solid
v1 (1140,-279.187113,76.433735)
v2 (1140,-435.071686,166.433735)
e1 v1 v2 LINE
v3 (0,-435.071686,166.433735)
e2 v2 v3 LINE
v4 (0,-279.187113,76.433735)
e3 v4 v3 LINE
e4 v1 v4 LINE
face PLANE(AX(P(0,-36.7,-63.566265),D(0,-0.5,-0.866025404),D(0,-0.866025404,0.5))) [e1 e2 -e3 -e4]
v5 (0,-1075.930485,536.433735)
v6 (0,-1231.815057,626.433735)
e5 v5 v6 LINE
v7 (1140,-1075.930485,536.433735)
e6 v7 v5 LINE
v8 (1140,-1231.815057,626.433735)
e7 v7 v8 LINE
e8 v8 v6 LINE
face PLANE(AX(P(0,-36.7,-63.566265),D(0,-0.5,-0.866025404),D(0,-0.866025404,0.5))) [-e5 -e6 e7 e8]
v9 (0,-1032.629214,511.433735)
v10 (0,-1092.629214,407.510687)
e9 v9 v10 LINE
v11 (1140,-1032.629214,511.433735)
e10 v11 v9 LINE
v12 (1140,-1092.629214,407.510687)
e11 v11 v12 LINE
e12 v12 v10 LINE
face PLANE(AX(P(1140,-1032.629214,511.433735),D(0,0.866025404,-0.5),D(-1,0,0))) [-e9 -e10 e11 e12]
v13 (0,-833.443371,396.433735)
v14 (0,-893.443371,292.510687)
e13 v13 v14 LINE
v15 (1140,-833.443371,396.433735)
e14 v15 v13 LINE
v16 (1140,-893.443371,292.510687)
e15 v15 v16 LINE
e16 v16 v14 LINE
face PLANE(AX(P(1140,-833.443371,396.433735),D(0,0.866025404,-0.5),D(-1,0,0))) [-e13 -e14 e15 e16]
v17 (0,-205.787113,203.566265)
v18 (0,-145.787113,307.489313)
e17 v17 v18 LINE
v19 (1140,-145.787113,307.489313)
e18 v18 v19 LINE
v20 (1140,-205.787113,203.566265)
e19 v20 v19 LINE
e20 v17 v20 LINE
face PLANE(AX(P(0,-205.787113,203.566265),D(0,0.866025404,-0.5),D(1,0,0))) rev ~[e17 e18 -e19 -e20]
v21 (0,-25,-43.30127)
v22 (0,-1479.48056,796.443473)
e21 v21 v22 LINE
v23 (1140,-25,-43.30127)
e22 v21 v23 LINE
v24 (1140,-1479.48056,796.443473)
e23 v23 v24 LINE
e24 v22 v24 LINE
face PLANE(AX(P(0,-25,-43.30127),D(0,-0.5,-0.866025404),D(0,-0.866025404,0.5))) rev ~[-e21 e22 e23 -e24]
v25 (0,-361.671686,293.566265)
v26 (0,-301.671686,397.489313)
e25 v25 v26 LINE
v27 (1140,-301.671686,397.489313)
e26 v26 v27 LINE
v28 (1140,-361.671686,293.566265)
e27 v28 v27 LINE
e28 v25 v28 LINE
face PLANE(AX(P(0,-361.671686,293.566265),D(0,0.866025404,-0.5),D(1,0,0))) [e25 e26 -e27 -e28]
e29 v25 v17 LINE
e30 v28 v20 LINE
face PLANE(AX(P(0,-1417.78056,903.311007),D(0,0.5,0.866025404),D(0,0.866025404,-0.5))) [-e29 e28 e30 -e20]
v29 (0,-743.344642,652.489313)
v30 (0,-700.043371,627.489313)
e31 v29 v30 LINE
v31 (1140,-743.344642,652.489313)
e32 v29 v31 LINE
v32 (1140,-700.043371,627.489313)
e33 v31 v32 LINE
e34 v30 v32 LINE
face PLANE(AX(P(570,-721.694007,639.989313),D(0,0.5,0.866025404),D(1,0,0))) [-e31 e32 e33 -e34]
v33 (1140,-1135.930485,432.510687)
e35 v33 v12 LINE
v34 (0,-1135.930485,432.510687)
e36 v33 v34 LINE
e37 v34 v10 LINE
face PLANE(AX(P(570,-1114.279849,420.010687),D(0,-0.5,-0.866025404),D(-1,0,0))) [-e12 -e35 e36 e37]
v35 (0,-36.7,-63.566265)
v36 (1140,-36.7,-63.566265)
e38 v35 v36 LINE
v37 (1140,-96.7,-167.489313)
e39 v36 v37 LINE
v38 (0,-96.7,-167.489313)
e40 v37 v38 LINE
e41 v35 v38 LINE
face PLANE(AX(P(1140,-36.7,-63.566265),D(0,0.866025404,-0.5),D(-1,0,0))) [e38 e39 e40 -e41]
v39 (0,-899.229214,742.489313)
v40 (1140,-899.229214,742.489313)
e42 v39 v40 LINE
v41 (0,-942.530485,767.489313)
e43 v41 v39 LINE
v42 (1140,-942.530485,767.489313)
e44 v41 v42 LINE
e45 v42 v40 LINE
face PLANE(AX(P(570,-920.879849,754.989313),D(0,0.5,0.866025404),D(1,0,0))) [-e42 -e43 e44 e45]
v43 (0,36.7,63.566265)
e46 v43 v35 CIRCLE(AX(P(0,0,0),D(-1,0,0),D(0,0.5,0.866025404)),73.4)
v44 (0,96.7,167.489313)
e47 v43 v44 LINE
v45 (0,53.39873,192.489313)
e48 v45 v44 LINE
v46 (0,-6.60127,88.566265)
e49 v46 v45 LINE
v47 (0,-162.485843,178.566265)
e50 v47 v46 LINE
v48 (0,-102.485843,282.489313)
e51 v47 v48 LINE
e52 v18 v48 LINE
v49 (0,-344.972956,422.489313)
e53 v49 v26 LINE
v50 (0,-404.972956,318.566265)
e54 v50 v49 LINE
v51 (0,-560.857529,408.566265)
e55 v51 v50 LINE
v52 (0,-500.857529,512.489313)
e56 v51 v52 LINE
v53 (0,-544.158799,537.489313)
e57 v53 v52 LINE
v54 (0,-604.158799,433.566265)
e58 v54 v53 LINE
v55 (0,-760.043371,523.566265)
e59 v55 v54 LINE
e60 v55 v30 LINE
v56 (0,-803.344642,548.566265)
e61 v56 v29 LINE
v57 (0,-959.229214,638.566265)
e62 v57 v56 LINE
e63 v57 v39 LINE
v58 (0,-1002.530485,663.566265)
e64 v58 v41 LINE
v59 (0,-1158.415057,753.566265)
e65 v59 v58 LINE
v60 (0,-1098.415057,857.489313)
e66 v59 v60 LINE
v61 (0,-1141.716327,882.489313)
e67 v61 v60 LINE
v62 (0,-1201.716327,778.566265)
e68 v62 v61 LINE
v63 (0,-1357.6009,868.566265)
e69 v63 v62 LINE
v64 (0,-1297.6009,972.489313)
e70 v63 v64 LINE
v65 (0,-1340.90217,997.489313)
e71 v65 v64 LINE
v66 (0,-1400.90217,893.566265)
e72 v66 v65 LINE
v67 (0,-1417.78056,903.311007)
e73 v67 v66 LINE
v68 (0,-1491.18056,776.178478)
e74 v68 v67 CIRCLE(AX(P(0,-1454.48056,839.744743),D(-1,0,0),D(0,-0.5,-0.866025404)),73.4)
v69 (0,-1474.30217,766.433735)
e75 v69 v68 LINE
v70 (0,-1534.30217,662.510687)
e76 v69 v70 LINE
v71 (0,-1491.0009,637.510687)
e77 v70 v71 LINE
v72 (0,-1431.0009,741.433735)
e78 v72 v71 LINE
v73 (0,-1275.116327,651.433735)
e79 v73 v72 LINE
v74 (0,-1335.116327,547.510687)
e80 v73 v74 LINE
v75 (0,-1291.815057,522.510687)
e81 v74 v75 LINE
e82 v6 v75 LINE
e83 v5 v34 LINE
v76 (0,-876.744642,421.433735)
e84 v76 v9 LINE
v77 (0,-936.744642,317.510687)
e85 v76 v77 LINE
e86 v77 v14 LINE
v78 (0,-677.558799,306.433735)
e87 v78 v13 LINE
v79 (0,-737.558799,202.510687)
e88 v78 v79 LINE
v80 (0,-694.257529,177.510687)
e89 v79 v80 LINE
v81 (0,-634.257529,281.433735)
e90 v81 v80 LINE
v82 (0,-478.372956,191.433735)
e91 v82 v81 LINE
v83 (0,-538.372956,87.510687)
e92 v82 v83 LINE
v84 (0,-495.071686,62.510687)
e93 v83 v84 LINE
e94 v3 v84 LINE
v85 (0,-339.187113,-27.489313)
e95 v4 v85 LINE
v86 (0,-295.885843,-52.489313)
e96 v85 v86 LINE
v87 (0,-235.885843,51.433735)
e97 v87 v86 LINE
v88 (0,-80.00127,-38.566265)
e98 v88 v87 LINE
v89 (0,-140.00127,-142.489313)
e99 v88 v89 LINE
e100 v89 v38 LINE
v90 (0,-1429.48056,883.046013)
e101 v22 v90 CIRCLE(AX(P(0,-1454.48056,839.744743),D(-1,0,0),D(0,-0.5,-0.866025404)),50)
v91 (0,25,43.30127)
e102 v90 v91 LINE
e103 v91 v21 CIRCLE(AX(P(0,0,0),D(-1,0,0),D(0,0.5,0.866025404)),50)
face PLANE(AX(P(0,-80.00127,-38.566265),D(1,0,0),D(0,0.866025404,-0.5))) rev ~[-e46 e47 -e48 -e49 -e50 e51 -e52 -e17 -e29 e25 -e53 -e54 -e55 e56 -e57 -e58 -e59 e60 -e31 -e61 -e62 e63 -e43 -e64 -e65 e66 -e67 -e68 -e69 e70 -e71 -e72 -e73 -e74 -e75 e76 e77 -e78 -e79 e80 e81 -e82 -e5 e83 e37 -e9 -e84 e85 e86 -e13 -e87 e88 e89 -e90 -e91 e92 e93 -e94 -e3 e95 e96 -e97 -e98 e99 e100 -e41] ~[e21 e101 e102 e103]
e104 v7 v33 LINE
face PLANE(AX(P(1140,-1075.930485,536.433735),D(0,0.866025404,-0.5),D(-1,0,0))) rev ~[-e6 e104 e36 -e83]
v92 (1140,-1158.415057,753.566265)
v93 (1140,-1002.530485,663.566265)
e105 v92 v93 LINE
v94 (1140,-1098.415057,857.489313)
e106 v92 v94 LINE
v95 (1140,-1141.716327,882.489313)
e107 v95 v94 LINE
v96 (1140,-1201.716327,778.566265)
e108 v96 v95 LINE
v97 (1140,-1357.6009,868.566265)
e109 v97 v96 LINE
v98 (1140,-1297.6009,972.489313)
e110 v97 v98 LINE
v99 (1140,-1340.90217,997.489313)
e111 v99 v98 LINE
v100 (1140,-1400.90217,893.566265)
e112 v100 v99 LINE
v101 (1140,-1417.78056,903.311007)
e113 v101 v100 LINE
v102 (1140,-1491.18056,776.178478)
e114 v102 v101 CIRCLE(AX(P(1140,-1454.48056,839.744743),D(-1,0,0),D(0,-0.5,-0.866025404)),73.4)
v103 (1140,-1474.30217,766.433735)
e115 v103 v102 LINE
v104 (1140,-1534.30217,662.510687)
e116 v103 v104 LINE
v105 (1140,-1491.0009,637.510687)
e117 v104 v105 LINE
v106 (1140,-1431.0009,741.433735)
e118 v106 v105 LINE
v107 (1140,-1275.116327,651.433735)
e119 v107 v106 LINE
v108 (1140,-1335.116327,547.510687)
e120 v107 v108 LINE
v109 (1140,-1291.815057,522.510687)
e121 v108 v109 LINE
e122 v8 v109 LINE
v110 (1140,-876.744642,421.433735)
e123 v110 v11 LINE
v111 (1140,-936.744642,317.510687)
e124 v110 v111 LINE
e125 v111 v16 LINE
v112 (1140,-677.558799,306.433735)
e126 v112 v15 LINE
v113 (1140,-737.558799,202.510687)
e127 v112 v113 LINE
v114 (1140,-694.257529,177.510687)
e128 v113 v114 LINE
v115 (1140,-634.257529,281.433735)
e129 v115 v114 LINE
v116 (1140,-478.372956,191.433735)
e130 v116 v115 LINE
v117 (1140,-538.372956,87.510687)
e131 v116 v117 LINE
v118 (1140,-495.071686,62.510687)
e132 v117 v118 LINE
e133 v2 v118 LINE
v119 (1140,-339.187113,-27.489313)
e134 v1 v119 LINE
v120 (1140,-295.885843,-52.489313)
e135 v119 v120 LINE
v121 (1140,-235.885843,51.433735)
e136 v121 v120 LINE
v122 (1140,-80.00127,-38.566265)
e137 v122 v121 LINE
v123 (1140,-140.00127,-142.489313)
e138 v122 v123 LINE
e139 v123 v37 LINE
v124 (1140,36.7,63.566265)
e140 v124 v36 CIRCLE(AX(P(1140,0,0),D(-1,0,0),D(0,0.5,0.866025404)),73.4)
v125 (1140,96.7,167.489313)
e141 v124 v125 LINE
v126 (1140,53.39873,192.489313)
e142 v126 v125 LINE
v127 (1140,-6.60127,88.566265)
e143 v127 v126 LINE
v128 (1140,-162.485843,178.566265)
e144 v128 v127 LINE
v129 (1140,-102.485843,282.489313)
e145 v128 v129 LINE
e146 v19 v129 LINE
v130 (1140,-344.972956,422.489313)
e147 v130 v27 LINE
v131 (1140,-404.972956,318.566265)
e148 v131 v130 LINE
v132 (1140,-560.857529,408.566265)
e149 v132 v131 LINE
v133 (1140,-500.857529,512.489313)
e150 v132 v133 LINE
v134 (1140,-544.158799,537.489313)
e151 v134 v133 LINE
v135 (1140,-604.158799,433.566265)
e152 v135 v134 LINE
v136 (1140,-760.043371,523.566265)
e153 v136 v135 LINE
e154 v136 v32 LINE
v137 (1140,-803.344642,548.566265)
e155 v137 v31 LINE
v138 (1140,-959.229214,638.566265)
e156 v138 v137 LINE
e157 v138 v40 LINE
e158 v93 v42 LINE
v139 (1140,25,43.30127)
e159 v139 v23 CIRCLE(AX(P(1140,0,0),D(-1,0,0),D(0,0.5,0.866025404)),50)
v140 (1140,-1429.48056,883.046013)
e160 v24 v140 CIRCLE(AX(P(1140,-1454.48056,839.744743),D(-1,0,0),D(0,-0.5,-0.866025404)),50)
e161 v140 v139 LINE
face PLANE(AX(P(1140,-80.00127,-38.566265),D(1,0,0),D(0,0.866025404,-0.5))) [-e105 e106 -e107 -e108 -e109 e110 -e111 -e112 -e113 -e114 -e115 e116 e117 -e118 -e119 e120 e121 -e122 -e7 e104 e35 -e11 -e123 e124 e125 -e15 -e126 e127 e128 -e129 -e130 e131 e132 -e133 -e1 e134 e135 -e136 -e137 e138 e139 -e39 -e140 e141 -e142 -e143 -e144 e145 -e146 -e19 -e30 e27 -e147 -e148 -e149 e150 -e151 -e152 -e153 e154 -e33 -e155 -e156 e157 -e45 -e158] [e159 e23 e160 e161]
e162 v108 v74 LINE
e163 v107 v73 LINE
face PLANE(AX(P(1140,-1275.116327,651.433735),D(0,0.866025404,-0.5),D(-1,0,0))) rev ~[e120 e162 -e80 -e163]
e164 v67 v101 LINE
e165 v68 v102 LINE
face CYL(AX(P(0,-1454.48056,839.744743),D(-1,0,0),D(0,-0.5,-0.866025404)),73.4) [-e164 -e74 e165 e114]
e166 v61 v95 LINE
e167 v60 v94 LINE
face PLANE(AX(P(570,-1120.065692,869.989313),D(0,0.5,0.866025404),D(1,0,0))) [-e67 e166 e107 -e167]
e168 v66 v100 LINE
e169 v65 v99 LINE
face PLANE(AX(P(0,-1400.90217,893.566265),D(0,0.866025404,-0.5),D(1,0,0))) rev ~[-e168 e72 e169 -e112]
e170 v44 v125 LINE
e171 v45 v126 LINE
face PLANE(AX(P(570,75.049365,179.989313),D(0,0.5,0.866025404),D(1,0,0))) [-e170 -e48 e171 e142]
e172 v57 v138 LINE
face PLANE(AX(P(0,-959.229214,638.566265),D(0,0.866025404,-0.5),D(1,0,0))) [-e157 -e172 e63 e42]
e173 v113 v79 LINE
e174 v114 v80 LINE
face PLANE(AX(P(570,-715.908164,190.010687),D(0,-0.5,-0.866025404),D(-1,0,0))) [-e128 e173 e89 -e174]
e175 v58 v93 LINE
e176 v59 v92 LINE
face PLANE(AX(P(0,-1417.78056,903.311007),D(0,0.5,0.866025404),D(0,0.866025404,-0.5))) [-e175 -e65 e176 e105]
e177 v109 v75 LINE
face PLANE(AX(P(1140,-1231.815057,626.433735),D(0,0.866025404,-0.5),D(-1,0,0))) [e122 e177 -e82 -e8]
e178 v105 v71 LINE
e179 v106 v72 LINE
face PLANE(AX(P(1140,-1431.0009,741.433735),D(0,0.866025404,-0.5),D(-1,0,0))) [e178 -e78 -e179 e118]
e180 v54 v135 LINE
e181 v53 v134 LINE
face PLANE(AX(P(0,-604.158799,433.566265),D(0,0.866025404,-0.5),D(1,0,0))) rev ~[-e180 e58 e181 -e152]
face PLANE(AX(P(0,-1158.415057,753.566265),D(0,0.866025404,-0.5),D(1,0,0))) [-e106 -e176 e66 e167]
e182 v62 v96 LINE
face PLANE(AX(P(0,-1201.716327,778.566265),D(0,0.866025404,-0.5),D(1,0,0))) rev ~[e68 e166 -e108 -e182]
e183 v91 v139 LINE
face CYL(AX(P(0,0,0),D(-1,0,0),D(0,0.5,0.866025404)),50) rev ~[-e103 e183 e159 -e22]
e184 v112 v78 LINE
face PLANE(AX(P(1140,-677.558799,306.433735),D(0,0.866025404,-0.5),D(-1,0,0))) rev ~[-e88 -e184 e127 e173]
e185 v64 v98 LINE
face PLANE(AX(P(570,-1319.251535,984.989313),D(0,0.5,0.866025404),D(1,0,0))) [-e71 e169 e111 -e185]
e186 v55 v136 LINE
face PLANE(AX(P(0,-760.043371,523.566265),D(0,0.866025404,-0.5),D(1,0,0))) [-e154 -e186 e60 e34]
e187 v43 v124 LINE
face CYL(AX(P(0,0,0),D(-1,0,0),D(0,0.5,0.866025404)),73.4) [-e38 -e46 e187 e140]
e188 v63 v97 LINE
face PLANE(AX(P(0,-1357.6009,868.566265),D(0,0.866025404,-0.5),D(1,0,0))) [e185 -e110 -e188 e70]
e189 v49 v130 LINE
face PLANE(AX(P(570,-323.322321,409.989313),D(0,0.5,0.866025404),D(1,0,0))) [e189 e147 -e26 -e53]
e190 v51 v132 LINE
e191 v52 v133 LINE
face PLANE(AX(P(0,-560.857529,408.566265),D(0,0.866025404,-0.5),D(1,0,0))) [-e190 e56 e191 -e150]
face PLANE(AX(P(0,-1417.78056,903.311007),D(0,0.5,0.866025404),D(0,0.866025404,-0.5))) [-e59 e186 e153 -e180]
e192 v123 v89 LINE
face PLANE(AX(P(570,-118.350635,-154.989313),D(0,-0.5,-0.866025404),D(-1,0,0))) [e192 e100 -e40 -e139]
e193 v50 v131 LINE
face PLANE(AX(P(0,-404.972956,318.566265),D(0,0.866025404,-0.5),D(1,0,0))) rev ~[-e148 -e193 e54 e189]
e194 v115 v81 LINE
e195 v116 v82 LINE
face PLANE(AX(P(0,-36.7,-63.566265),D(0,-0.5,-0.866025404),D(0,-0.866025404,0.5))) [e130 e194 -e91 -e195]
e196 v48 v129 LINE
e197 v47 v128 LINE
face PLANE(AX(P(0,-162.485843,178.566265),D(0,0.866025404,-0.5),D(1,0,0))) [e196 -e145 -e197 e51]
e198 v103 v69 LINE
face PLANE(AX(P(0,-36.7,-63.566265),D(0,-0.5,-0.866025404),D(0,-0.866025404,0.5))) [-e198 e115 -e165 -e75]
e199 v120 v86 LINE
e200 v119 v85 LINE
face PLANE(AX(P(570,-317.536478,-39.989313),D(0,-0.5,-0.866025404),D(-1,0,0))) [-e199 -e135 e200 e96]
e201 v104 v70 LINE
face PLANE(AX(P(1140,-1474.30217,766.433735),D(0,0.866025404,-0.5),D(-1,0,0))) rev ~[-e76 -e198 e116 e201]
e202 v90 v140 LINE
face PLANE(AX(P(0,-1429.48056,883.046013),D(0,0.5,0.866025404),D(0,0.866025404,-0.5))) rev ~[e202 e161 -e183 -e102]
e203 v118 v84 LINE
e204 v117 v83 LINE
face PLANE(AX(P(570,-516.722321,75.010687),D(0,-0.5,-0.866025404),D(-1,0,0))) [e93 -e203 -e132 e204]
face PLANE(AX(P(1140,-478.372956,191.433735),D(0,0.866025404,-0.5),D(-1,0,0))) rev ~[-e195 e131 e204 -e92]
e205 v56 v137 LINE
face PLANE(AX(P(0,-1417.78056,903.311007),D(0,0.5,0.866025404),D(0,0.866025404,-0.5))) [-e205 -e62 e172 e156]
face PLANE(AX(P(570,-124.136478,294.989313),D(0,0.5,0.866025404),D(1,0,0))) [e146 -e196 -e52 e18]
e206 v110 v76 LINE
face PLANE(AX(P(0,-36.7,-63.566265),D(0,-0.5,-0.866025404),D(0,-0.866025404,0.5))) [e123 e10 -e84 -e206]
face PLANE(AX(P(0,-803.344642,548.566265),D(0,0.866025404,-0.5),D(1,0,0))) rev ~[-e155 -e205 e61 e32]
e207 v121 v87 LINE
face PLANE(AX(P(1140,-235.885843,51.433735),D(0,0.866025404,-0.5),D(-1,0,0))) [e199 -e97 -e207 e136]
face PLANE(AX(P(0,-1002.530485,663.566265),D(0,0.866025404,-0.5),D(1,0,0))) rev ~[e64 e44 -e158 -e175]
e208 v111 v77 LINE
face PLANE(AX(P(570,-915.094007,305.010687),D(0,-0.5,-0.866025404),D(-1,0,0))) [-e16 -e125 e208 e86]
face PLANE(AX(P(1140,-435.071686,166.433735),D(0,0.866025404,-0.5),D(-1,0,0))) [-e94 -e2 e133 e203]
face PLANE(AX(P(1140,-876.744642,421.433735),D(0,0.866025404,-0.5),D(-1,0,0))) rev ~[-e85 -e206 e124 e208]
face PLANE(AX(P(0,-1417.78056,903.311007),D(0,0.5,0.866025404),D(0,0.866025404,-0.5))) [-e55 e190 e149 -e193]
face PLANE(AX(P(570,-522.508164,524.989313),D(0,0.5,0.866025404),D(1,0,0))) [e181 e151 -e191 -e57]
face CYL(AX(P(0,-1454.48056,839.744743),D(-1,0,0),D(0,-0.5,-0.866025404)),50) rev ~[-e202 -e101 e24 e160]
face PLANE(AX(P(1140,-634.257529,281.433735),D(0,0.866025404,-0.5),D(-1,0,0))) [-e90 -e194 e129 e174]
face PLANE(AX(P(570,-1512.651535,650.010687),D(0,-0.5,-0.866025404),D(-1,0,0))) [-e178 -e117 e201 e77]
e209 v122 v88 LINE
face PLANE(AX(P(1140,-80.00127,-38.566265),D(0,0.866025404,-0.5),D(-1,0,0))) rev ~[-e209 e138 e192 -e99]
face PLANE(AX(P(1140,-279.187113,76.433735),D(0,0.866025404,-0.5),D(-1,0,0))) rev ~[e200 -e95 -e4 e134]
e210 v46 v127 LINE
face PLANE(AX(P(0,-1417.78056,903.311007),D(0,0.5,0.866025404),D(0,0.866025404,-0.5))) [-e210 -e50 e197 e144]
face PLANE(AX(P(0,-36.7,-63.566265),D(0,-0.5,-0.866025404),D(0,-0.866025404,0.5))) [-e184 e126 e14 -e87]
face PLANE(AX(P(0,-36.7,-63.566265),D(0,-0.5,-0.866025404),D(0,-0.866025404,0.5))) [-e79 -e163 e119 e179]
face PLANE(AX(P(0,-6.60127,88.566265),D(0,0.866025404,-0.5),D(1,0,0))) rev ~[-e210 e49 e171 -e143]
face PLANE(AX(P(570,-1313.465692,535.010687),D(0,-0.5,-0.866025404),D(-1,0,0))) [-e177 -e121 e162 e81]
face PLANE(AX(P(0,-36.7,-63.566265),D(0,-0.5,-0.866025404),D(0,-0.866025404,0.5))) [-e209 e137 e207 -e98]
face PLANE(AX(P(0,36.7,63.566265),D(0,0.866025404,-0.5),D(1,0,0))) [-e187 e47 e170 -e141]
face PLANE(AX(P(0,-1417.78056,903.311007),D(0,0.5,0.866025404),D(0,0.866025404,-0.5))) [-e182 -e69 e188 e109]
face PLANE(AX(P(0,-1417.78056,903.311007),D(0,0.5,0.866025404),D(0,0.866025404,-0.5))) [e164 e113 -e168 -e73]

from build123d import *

# Parameters (mm, degrees)
BOSS_EXTRUDE1_DEPTH = 1140
SKETCH2_W           = 1140
SKETCH2_H           = 50
BOSS_EXTRUDE2_DEPTH = 120
LPATTERN1_COUNT     = 8
LPATTERN1_PITCH     = 230
SKETCH3_W           = 1140
SKETCH3_H           = 50
BOSS_EXTRUDE3_DEPTH = 120
LPATTERN2_COUNT     = 8
LPATTERN2_PITCH     = 230


with BuildPart() as part:
    # Sketch1 → Boss-Extrude1 (new body)
    with BuildSketch(Plane(origin=(0, 0, 0), x_dir=(0, 0, -1), z_dir=(1, 0, 0))):
        with BuildLine():
            Line((-903.311007421, -1417.780559889), (-63.566264638, 36.7))
            ThreePointArc((-63.566264638, 36.7), (36.7, 63.566264638), (63.566264638, -36.7))
            Line((63.566264638, -36.7), (-776.178478145, -1491.180559889))
            ThreePointArc((-776.178478145, -1491.180559889), (-876.444742783, -1518.046824527), (-903.311007421, -1417.780559889))
        make_face()
        with BuildLine():
            Line((-883.046012972, -1429.480559889), (-43.301270189, 25))
            ThreePointArc((-43.301270189, 25), (25, 43.301270189), (43.301270189, -25))
            Line((43.301270189, -25), (-796.443472594, -1479.480559889))
            ThreePointArc((-796.443472594, -1479.480559889), (-864.744742783, -1497.781830078), (-883.046012972, -1429.480559889))
        make_face(mode=Mode.SUBTRACT)
    extrude(amount=BOSS_EXTRUDE1_DEPTH)

    # Sketch2 → Boss-Extrude2 (add)
    with BuildSketch(Plane(origin=(0, 36.7, 63.566264638), x_dir=(1, 0, 0), z_dir=(0, 0.5000000000000019, 0.8660254037844376))):
        with Locations((570, -25)):
            Rectangle(SKETCH2_W, SKETCH2_H)
    boss_extrude2 = extrude(amount=BOSS_EXTRUDE2_DEPTH)

    # LPattern1: Boss-Extrude2 ×8
    with Locations(*[Vector(0, -0.8660254037844402, 0.4999999999999975) * (i * LPATTERN1_PITCH) for i in range(1, LPATTERN1_COUNT)]):
        add(boss_extrude2)

    # Sketch3 → Boss-Extrude3 (add)
    with BuildSketch(Plane(origin=(0, -36.7, -63.566264638), x_dir=(-1, 0, 0), z_dir=(0, -0.49999999999999756, -0.86602540378444))):
        with Locations((-570, -25)):
            Rectangle(SKETCH3_W, SKETCH3_H)
    boss_extrude3 = extrude(amount=BOSS_EXTRUDE3_DEPTH)

    # LPattern2: Boss-Extrude3 ×8
    with Locations(*[Vector(0, -0.8660254037844458, 0.49999999999998757) * (i * LPATTERN2_PITCH) for i in range(1, LPATTERN2_COUNT)]):
        add(boss_extrude3)


solid = part.part
